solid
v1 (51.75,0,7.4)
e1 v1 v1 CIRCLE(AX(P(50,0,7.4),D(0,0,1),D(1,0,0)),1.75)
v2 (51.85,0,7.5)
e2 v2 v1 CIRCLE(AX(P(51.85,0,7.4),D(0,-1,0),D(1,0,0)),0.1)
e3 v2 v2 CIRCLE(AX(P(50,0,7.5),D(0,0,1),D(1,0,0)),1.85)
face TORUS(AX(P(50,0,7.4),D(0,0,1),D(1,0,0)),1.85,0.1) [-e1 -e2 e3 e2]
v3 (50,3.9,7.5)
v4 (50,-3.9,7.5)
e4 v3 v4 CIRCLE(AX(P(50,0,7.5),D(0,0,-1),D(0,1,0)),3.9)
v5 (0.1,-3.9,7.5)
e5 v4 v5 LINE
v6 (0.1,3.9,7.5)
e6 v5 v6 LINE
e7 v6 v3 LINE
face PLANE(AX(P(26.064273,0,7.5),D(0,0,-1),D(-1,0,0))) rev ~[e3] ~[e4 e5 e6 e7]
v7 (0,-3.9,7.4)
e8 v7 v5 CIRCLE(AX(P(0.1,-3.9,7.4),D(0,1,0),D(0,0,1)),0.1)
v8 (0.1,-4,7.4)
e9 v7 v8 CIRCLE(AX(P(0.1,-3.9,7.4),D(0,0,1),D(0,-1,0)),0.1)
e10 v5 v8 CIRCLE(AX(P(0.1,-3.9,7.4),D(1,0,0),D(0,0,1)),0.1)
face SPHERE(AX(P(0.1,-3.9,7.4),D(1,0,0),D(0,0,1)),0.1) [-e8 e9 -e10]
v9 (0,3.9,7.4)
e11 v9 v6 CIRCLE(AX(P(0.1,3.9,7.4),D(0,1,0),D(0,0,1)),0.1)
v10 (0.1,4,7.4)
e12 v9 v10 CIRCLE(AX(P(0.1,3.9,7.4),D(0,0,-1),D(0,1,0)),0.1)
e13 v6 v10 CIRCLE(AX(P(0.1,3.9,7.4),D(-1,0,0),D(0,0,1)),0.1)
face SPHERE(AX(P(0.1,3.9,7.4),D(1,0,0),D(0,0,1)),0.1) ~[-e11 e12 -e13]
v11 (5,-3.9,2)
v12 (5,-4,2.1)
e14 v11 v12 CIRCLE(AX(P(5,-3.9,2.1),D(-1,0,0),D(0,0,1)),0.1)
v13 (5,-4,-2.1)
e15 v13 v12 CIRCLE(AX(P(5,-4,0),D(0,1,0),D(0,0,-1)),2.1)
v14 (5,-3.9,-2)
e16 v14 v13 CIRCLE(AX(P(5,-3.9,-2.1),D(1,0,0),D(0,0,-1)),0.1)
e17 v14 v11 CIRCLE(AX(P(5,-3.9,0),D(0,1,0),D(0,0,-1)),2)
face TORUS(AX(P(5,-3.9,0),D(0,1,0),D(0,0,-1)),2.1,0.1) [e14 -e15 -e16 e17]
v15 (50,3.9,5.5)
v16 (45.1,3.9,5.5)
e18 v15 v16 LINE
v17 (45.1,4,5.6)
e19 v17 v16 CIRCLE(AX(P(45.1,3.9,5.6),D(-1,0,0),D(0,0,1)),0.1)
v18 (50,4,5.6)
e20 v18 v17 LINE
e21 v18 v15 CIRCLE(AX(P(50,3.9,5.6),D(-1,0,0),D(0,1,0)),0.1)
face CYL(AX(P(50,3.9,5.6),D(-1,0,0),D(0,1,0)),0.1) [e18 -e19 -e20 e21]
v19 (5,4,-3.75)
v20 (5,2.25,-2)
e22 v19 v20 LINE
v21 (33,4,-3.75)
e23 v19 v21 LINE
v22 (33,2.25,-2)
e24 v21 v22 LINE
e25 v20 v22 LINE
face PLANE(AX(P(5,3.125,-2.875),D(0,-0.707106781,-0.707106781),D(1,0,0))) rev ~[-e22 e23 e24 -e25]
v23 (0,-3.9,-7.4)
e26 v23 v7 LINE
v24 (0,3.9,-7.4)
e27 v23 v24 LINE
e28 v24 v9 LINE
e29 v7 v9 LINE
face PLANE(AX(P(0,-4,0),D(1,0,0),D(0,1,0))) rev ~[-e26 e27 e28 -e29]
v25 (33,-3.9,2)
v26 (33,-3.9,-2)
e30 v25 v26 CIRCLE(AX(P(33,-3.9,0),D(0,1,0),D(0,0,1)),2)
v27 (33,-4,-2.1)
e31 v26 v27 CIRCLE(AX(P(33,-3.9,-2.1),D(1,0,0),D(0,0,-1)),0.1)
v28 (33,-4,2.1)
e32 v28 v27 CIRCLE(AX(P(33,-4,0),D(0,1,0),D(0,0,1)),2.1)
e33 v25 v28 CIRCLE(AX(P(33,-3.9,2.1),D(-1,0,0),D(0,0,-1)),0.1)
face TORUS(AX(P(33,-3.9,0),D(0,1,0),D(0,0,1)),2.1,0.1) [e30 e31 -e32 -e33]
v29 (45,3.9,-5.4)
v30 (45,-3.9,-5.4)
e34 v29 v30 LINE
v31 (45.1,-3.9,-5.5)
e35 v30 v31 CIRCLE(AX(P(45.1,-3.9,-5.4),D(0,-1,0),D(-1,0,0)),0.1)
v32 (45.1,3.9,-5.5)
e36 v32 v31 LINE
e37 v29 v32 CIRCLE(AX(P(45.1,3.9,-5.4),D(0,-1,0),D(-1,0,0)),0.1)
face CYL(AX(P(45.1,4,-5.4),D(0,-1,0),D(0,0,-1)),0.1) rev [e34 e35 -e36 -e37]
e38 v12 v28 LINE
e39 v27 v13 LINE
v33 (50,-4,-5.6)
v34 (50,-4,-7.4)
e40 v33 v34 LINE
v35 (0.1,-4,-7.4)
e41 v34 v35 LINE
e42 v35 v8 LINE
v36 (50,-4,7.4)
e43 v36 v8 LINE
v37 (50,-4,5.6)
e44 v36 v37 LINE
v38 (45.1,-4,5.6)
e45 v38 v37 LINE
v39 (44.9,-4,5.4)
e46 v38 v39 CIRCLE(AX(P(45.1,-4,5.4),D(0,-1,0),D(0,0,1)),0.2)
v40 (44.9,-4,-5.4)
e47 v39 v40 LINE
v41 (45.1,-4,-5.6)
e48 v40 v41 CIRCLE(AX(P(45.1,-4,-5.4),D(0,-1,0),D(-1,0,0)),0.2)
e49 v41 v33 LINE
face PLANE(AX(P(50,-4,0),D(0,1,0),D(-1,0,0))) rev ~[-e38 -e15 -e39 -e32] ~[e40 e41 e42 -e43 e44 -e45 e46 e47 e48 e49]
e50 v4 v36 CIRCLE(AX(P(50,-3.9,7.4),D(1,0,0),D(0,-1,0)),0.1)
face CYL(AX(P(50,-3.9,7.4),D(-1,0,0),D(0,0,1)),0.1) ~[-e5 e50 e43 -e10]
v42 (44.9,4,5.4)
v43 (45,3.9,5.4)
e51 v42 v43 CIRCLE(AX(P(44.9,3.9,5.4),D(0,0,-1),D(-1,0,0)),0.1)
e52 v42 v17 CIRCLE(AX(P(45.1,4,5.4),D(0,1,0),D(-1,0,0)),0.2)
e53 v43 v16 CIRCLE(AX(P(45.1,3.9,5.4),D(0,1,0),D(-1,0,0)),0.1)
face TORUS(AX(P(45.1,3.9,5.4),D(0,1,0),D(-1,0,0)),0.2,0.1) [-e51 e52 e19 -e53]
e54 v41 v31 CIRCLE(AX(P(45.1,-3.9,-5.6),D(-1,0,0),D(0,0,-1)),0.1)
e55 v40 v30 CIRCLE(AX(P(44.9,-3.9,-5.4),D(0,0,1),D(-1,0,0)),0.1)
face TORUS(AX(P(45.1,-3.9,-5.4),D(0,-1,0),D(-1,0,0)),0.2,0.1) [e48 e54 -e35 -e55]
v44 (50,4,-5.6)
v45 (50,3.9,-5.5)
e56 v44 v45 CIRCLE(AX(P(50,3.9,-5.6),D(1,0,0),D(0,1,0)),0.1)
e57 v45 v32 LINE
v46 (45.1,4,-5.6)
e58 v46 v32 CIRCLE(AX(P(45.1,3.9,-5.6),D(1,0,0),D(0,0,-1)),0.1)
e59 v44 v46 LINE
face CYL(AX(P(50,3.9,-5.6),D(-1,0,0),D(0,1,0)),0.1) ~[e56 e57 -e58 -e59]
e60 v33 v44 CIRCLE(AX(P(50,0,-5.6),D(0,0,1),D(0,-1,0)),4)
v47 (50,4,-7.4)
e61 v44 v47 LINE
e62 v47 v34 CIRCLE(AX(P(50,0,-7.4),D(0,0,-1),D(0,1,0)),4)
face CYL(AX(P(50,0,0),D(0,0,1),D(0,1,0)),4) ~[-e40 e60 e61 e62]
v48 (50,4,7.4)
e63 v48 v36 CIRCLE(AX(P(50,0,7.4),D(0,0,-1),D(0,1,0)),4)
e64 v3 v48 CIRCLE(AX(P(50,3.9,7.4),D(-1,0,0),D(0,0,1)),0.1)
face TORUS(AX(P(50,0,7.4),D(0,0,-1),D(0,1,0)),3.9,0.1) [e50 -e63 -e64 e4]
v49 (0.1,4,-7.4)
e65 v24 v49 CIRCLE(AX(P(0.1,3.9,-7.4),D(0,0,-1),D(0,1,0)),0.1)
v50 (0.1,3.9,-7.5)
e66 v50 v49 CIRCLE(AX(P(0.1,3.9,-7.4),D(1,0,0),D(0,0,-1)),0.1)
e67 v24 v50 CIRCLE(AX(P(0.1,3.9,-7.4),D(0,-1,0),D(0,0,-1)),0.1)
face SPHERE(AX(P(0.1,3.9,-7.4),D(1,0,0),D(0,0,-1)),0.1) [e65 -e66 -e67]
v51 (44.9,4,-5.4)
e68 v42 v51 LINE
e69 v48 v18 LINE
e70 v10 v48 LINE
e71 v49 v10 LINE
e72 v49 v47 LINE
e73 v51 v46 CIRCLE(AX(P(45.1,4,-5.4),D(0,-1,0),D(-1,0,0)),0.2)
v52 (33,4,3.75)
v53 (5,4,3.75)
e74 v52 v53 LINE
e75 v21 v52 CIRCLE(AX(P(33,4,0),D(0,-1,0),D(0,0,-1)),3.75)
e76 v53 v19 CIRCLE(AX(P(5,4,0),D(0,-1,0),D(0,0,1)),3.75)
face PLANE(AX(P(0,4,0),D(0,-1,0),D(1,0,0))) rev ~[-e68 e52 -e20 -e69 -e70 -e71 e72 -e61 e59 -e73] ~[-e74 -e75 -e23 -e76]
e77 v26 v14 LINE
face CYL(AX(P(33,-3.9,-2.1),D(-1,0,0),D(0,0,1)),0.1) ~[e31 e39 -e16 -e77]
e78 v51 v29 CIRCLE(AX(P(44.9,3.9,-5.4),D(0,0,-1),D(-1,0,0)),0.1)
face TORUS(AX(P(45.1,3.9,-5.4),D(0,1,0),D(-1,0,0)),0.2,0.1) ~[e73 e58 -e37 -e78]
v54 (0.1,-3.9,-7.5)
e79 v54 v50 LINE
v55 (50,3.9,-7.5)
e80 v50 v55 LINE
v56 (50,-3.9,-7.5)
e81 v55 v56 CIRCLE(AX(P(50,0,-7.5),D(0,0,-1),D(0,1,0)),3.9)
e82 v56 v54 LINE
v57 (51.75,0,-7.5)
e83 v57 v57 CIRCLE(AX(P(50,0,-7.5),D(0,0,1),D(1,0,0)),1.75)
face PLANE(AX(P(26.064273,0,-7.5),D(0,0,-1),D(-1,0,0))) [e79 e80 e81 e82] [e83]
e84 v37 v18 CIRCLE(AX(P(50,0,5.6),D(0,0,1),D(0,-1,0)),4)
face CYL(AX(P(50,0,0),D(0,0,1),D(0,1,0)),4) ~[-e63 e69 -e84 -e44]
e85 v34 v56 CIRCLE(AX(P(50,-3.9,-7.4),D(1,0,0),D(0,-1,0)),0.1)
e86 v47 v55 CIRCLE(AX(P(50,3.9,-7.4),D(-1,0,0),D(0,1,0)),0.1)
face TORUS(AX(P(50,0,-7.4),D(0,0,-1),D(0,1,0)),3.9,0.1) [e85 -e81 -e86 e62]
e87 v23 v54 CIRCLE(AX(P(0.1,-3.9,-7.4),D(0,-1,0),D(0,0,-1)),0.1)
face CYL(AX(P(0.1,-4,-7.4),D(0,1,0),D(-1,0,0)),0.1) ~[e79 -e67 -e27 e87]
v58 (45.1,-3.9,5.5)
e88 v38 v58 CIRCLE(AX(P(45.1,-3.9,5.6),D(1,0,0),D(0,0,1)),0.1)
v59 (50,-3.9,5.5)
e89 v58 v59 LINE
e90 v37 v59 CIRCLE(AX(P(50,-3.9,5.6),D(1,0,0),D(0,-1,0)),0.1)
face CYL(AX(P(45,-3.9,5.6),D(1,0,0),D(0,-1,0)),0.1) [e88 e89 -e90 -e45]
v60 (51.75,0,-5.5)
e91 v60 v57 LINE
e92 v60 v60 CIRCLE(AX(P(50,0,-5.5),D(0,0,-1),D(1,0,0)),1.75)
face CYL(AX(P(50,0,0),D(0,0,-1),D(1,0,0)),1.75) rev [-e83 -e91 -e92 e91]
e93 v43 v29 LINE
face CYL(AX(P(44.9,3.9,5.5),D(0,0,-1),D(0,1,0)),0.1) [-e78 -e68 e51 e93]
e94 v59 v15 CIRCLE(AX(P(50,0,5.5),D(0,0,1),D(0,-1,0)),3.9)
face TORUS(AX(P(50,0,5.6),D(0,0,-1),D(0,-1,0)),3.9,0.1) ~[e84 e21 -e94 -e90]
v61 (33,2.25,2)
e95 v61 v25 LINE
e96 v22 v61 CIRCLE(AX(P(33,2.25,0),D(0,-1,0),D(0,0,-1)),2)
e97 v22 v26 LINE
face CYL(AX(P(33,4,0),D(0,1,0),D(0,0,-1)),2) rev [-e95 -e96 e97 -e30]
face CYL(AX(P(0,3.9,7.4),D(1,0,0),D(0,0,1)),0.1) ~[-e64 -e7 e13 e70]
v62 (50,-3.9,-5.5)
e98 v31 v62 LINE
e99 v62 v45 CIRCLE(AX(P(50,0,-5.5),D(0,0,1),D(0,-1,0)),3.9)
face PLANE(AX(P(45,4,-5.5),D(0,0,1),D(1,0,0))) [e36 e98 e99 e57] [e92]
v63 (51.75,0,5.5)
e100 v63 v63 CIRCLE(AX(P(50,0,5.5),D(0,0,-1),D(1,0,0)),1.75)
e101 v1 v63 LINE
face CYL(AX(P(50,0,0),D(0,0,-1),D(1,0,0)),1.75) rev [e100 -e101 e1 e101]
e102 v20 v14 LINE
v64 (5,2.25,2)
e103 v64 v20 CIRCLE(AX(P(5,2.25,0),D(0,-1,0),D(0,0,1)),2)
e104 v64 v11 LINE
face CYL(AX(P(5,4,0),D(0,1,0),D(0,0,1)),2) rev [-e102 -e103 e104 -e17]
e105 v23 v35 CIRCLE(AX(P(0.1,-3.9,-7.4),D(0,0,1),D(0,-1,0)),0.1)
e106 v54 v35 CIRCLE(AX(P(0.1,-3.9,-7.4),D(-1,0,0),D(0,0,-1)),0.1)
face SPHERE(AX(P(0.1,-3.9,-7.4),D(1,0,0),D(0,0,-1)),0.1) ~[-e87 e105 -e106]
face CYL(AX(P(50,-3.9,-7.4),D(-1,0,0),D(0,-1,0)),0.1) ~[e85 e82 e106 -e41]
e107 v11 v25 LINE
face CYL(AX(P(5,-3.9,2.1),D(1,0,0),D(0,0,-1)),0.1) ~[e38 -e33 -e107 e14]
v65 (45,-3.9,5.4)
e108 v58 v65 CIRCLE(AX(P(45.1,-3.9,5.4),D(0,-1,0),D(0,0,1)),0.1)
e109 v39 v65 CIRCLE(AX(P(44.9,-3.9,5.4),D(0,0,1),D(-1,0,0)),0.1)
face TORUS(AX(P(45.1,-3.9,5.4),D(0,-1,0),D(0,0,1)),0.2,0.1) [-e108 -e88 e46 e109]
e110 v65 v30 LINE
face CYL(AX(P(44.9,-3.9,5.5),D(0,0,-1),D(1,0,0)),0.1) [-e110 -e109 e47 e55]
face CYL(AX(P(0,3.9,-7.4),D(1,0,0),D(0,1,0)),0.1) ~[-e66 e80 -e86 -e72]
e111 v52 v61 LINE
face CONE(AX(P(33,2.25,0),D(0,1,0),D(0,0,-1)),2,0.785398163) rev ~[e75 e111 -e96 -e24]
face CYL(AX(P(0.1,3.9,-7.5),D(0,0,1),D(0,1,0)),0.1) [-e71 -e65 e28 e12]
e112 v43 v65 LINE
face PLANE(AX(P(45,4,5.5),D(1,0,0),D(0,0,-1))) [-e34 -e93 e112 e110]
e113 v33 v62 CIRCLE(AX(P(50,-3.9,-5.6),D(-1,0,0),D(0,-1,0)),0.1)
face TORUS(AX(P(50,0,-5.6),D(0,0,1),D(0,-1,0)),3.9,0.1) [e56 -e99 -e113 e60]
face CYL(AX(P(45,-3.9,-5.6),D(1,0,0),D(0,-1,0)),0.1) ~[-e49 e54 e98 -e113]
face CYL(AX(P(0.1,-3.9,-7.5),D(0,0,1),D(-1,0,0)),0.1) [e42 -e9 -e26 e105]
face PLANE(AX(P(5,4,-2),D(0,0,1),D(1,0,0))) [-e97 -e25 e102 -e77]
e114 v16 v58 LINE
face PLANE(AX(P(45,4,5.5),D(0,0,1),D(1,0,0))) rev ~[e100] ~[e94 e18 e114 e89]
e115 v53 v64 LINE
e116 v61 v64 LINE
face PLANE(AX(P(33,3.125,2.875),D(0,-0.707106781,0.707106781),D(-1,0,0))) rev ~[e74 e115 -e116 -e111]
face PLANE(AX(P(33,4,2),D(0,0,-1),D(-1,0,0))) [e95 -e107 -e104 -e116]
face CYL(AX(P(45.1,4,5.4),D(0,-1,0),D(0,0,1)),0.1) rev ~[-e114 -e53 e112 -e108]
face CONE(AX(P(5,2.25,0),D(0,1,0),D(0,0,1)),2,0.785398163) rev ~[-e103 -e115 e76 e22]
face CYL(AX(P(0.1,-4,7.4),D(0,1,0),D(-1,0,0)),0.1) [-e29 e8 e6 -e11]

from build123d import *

# Parameters (mm, degrees)
SKETCH1_R           = 1.75
BOSS_EXTRUDE1_DEPTH = 7.5
SKETCH2_W           = 9
SKETCH2_H           = 11
CUT_EXTRUDE1_DEPTH  = 56.102177815
CUT_EXTRUDE2_DEPTH  = 56.102177815
FILLET1_R           = 0.1
CHAMFER1_SIZE       = 1.75


with BuildPart() as part:
    # Sketch1 → Boss-Extrude1 (new, symmetric)
    with BuildSketch(Plane.XY):
        with BuildLine():
            Line((0, 4), (50, 4))
            ThreePointArc((50, 4), (54, 0), (50, -4))
            Line((50, -4), (0, -4))
            Line((0, -4), (0, 4))
        make_face()
        with Locations((50, 0)):
            Circle(SKETCH1_R, mode=Mode.SUBTRACT)
    extrude(amount=BOSS_EXTRUDE1_DEPTH, both=True)

    # Sketch2 → Cut-Extrude1 (cut, through all)
    with BuildSketch(Plane(origin=(0, 4, 0), x_dir=(1, 0, 0), z_dir=(0, 1, 0))):
        with Locations((49.5, 0)):
            Rectangle(SKETCH2_W, SKETCH2_H)
    extrude(amount=-CUT_EXTRUDE1_DEPTH, mode=Mode.SUBTRACT)

    # Sketch3 → Cut-Extrude2 (cut, through all)
    with BuildSketch(Plane(origin=(0, 4, 0), x_dir=(1, 0, 0), z_dir=(0, 1, 0))):
        with BuildLine():
            Line((5, 2), (33, 2))
            ThreePointArc((33, 2), (35, 0), (33, -2))
            Line((33, -2), (5, -2))
            ThreePointArc((5, -2), (3, 0), (5, 2))
        make_face()
    extrude(amount=-CUT_EXTRUDE2_DEPTH, mode=Mode.SUBTRACT)

    # Fillet1
    fillet1_edges = [part.edges().sort_by_distance(p)[0] for p in [
        (48.25, 0, 7.5),
        (54, 0, 7.5),
        (25, 4, 7.5),
        (54, 0, 5.5),
        (47.5, -4, 5.5),
        (54, 0, -5.5),
        (47.5, -4, -5.5),
        (45, 0, -5.5),
        (45, -4, 0),
        (45, 0, 5.5),
        (47.5, 4, 5.5),
        (47.5, 4, -5.5),
        (45, 4, 0),
        (0, 0, 7.5),
        (25, 4, -7.5),
        (3, -4, 0),
        (19, -4, -2),
        (35, -4, 0),
        (19, -4, 2),
        (54, 0, -7.5),
        (25, -4, -7.5),
        (0, 0, -7.5),
        (0, 4, 0),
        (0, -4, 0),
        (25, -4, 7.5),
    ]]
    fillet(fillet1_edges, radius=FILLET1_R)

    # Chamfer1
    chamfer1_edges = [part.edges().sort_by_distance(p)[0] for p in [
        (3, 4, 0),
        (19, 4, 2),
        (35, 4, 0),
        (19, 4, -2),
    ]]
    chamfer(chamfer1_edges, length=CHAMFER1_SIZE)


solid = part.part
